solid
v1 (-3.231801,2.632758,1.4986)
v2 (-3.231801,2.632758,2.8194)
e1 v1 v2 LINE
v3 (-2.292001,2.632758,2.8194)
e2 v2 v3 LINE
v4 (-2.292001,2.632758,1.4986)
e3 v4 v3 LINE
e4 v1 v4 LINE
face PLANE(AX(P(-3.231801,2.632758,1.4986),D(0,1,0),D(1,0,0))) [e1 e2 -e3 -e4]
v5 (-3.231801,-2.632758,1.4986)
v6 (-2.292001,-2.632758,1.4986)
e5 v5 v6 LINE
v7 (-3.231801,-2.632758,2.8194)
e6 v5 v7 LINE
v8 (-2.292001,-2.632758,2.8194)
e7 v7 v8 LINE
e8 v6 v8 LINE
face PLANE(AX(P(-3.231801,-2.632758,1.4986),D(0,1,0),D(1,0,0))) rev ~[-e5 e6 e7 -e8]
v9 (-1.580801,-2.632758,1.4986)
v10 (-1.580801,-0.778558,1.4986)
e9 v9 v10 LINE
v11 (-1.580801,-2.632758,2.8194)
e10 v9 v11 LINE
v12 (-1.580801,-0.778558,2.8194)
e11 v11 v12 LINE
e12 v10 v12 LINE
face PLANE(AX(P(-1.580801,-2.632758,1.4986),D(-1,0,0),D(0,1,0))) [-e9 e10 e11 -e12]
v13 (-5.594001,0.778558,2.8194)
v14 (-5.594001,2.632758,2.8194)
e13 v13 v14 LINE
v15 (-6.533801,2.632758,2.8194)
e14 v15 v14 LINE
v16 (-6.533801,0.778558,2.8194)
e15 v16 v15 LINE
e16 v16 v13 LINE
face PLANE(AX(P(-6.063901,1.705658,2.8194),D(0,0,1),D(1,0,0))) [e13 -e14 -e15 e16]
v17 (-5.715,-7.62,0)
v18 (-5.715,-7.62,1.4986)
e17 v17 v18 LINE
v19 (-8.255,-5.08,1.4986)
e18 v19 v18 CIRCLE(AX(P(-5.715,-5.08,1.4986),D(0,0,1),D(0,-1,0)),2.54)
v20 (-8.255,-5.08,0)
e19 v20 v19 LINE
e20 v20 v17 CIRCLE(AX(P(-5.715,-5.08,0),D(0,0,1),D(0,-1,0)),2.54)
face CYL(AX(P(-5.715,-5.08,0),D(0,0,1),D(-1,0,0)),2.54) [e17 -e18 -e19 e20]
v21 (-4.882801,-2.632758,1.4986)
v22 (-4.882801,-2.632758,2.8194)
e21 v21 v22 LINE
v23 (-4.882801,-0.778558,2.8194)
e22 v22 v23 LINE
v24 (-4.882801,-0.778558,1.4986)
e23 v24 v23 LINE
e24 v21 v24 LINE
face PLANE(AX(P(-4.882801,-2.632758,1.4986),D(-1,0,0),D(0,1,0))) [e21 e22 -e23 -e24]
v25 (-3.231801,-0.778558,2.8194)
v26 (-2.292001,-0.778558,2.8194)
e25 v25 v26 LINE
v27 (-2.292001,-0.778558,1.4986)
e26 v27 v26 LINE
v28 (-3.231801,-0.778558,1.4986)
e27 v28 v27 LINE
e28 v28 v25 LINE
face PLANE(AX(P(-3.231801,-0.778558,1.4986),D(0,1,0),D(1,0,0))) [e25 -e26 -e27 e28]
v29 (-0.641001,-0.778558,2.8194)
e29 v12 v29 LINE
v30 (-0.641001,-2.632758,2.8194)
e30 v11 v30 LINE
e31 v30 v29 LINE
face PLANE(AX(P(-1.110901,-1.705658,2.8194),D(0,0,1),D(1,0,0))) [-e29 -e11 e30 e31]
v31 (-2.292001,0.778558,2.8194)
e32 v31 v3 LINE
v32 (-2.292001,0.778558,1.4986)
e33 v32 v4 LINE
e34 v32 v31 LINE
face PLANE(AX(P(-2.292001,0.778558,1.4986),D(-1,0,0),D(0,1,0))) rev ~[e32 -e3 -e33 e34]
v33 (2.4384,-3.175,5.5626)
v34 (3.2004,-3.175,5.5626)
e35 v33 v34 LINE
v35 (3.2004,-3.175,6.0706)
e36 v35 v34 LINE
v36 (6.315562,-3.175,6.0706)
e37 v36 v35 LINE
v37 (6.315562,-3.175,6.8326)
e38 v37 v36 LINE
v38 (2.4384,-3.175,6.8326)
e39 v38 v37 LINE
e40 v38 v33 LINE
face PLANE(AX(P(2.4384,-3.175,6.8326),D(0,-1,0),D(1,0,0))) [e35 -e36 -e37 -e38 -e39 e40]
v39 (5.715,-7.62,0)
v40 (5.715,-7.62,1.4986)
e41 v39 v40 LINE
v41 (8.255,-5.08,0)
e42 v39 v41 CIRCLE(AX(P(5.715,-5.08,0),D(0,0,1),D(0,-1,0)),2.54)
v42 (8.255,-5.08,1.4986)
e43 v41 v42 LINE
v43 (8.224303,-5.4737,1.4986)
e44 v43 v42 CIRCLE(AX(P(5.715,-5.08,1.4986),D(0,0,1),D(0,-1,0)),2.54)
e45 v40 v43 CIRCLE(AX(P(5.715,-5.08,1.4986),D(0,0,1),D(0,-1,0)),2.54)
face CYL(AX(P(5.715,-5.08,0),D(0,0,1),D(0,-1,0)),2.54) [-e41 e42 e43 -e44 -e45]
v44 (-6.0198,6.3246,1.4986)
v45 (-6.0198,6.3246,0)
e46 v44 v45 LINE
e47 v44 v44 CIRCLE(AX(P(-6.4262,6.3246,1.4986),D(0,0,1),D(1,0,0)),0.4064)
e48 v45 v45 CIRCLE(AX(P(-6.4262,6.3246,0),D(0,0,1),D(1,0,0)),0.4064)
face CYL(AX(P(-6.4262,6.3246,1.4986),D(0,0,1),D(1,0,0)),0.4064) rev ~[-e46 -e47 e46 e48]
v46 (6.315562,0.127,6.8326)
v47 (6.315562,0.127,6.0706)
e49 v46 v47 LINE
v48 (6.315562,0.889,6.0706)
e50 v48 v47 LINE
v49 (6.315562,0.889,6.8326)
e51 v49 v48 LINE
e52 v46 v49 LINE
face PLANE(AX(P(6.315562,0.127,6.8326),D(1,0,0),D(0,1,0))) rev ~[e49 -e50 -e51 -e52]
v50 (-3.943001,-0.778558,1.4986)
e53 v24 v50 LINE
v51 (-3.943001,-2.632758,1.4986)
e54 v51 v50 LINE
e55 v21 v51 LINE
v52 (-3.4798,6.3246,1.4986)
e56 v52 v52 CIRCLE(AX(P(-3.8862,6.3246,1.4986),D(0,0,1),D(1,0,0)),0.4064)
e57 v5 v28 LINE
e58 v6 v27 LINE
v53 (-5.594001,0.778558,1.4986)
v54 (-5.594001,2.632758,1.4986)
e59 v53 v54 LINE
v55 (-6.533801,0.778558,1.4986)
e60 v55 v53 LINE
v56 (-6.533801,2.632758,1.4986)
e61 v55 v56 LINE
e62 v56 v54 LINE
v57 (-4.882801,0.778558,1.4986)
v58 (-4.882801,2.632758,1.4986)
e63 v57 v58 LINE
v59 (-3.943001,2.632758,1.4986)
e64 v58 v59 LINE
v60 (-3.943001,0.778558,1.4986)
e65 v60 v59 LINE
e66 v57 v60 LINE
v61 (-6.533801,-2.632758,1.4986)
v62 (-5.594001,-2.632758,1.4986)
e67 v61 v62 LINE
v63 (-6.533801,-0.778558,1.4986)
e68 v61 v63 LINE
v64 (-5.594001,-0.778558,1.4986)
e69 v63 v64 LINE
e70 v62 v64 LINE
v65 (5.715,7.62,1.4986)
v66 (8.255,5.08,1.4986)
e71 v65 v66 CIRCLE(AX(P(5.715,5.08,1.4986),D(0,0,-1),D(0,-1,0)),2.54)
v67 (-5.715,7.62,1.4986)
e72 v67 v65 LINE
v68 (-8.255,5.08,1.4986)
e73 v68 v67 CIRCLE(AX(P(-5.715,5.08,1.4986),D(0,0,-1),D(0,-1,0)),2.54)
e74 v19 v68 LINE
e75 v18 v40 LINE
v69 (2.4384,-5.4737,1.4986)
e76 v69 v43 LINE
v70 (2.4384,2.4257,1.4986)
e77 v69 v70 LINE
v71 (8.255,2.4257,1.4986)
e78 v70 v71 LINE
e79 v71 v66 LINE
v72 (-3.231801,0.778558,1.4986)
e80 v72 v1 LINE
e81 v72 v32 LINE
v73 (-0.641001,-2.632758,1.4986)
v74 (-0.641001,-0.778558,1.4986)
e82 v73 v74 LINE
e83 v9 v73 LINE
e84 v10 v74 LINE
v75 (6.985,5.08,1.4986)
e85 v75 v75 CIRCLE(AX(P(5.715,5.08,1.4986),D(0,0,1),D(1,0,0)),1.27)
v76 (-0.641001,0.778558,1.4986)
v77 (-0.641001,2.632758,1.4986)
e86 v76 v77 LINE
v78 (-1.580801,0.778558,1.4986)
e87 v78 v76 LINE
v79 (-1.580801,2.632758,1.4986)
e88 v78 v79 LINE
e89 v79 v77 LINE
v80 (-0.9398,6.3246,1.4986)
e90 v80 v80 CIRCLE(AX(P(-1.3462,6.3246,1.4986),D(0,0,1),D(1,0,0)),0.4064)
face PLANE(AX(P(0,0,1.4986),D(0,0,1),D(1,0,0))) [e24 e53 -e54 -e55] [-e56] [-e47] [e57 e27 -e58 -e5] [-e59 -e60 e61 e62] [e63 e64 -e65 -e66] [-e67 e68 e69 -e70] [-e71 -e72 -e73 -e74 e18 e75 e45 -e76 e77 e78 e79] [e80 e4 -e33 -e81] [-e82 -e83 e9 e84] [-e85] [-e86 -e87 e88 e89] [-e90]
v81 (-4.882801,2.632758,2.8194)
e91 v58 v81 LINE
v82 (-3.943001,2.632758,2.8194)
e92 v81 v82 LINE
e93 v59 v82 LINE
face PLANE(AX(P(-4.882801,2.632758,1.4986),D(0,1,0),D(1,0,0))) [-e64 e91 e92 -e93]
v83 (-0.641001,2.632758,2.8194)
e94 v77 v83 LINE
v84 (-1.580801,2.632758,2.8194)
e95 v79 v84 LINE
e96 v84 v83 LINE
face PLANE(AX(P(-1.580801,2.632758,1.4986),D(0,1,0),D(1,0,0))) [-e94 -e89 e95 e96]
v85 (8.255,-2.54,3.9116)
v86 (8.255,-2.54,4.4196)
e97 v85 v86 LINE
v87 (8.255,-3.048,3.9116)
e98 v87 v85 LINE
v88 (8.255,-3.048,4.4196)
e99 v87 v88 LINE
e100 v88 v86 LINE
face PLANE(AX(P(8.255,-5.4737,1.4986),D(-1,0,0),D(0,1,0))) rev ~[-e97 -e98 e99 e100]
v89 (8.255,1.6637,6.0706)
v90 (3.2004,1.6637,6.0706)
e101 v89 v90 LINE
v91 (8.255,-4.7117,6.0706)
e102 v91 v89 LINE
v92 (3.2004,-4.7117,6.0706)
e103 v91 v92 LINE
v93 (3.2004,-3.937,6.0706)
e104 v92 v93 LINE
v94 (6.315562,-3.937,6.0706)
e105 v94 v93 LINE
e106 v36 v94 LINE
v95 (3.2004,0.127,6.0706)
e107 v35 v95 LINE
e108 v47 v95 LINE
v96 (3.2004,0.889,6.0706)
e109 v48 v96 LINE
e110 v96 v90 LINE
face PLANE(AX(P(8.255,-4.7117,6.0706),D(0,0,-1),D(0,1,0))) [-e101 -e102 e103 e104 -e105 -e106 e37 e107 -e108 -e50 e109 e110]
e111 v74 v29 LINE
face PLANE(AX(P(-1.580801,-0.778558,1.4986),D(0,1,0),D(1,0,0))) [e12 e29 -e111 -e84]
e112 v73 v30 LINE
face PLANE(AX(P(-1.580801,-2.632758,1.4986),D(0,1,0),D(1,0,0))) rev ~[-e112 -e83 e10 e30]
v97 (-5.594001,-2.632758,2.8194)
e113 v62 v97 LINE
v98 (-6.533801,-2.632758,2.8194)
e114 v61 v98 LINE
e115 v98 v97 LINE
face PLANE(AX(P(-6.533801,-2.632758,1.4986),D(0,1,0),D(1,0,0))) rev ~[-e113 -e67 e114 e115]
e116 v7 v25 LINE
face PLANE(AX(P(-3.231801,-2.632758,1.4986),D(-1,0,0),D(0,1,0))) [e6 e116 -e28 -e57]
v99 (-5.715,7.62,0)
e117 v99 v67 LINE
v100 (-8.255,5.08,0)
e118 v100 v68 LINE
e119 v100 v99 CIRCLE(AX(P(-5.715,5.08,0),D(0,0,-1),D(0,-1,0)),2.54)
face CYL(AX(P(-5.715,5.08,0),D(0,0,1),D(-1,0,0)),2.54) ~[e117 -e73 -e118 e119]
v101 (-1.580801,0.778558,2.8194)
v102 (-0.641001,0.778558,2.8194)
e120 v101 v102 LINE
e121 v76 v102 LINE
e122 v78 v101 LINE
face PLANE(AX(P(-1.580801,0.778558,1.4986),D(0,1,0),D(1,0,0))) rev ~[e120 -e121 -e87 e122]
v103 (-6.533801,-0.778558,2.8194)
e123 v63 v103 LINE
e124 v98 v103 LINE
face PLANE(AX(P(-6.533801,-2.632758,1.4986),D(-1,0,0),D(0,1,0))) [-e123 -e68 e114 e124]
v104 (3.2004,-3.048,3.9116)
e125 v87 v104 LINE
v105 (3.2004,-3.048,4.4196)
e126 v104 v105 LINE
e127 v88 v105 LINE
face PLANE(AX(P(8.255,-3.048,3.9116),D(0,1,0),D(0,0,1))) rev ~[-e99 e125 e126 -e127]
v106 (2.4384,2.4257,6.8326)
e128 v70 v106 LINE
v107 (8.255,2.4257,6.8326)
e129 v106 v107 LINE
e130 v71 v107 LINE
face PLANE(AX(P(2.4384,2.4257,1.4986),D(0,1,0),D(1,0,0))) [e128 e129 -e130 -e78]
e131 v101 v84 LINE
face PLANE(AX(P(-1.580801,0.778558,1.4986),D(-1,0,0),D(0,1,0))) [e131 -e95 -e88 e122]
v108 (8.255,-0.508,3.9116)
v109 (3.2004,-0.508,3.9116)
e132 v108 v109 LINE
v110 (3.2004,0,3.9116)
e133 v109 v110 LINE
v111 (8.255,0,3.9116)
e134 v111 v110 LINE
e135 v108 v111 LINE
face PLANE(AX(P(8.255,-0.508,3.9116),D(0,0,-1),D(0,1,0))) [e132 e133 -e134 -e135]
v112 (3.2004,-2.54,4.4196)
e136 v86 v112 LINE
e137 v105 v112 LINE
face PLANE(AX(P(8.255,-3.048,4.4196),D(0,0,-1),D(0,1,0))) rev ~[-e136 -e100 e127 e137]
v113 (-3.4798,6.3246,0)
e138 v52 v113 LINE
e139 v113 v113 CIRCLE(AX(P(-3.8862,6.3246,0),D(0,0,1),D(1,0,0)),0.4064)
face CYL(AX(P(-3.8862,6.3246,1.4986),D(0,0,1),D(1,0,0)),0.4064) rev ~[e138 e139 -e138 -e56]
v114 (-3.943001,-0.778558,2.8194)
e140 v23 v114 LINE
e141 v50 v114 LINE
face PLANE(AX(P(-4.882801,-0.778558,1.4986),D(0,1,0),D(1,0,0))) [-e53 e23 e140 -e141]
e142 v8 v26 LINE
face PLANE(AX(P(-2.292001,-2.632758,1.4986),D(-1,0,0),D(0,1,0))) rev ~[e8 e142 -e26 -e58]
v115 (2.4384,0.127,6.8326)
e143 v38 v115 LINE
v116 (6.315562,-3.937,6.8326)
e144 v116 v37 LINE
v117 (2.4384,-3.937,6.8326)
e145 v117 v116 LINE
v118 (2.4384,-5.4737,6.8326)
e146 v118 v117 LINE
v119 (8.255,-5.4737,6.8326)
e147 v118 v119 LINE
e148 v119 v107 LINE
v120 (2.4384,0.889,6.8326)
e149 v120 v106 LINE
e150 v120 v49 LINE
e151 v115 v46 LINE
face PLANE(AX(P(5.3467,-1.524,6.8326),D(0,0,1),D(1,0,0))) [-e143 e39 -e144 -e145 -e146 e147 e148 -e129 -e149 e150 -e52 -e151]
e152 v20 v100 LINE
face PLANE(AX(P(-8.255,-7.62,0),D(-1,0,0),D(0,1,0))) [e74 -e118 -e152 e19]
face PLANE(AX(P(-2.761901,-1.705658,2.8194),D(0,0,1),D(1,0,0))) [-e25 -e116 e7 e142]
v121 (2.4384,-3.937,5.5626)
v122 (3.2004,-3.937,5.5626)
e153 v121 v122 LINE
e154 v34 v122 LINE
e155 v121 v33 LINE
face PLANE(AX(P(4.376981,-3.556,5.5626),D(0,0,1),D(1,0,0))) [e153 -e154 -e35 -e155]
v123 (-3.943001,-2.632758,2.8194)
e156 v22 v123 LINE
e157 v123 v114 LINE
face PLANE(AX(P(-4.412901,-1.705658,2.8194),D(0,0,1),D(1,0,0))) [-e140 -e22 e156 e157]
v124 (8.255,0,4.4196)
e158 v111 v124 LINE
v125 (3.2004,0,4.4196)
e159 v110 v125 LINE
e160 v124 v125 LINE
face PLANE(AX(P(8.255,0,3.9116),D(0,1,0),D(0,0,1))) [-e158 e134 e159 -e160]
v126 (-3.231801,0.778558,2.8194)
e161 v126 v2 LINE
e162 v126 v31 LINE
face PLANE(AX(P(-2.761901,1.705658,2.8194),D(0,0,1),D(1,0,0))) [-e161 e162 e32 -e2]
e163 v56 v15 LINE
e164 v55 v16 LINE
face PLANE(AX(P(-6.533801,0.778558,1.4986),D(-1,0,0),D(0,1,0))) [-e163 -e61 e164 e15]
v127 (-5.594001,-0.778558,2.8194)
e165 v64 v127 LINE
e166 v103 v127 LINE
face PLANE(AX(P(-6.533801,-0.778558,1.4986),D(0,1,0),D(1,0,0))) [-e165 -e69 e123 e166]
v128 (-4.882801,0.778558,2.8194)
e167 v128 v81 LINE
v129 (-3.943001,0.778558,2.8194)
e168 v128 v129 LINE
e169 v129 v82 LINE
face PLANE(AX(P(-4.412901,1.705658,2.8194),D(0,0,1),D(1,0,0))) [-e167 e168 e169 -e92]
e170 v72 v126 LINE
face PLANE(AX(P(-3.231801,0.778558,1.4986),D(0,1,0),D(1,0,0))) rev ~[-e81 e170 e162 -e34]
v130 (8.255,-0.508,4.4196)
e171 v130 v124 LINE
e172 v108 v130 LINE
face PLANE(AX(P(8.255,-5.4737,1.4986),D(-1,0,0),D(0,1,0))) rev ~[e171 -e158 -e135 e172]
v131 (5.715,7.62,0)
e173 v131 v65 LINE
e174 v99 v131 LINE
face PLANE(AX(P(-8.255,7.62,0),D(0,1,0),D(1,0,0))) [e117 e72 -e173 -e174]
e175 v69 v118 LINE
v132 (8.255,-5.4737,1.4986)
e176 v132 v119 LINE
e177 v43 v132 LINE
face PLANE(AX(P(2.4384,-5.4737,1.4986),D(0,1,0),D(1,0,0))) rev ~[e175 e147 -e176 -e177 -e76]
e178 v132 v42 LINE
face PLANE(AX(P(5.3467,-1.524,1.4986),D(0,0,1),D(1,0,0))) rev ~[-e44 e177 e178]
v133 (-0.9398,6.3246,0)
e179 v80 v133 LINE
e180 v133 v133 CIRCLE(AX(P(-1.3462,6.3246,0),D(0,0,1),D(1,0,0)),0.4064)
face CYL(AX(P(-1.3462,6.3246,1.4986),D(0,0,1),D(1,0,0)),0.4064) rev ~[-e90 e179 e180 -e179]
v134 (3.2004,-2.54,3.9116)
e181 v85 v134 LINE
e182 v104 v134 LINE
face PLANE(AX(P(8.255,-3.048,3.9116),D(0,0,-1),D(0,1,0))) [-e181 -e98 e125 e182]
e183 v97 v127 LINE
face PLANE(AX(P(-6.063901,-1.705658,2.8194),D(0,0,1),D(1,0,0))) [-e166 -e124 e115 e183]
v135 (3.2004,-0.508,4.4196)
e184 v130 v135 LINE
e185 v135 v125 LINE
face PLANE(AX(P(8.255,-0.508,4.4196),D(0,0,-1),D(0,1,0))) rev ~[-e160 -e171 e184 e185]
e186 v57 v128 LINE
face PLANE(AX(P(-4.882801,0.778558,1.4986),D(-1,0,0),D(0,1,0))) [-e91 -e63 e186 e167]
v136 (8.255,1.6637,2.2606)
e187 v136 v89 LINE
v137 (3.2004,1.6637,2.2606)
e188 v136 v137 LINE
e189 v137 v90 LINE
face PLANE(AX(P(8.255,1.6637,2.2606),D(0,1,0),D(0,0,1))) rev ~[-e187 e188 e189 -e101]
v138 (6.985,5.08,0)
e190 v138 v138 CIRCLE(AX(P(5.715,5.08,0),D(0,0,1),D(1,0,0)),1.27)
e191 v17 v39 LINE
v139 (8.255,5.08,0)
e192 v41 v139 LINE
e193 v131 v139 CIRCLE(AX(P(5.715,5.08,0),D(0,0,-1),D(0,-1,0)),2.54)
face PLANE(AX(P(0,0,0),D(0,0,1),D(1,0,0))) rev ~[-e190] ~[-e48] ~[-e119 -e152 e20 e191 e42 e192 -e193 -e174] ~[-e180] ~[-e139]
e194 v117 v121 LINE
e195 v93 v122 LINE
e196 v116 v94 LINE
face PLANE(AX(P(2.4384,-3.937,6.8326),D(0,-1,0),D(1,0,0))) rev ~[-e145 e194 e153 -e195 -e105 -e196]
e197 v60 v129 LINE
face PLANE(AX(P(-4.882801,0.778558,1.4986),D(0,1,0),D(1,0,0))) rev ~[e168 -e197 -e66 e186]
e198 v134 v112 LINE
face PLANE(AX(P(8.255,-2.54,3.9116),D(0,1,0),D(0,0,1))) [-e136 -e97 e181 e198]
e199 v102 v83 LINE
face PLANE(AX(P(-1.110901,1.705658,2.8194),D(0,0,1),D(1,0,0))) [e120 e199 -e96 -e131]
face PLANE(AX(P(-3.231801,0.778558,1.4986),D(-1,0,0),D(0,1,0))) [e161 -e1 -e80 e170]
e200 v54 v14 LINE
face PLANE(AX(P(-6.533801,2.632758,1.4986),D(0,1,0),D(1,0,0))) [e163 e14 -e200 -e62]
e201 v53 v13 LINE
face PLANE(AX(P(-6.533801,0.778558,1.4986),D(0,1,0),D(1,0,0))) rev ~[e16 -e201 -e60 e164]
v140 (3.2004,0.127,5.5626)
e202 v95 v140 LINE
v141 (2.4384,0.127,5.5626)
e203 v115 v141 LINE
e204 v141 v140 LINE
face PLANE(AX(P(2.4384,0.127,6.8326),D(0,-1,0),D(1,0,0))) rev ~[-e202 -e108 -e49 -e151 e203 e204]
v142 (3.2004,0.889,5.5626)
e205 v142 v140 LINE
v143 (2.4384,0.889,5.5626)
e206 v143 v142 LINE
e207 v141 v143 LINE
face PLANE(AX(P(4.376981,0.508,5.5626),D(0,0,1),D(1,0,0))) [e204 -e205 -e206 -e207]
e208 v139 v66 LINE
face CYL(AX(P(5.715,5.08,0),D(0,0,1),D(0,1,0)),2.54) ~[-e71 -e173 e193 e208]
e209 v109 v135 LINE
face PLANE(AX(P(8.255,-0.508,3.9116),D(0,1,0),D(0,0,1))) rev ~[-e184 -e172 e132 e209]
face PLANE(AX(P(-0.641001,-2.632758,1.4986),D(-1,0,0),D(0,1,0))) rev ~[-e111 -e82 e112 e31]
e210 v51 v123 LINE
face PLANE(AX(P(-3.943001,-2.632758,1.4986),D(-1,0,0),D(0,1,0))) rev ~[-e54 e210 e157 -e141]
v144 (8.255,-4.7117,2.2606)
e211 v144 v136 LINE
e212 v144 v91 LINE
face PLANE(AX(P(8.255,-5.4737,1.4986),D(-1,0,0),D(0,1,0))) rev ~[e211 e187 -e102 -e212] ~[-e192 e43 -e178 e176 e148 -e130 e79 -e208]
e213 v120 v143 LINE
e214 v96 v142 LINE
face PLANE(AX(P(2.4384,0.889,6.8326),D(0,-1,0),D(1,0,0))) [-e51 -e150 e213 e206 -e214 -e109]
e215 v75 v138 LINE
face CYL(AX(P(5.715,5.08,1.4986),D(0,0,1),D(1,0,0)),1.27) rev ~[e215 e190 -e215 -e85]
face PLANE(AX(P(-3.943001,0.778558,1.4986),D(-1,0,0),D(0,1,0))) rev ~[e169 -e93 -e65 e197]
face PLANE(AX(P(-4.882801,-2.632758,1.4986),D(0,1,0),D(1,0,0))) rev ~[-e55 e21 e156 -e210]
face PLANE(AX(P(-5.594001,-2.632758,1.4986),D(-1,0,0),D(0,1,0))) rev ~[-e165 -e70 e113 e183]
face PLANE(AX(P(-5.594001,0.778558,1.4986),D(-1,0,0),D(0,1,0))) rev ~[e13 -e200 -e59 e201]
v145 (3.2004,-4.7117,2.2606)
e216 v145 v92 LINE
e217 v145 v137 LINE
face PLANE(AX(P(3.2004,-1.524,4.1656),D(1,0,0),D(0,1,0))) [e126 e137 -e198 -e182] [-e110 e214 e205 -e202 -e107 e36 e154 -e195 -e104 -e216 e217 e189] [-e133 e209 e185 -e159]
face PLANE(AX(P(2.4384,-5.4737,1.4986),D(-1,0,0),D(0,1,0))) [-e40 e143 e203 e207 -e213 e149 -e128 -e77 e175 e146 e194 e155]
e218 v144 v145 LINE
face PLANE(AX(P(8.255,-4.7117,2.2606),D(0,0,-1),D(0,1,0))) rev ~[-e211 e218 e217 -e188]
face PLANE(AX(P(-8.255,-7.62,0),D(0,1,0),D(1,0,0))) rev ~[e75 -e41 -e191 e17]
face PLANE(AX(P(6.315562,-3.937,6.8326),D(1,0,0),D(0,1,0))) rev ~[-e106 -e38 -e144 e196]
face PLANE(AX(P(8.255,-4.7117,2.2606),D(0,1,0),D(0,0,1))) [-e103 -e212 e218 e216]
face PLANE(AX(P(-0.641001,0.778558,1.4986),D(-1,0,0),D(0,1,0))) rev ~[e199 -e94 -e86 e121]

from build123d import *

# Parameters (mm, degrees)
F0_W      = 16.51
F0_H      = 15.24
F1_DEPTH  = 1.4986
F2_R      = 1.27
F3_DEPTH  = 1.4986
F4_R      = 2.54
F5_W      = 5.8166
F5_H      = 7.8994
F6_DEPTH  = 5.334
F7_W      = 6.3754
F7_H      = 3.81
F7_W_2    = 0.508
F7_H_2    = 0.508
F8_DEPTH  = 5.0546
F9_W      = 3.8771615364
F9_H      = 0.762
F10_DEPTH = 1.27
F11_R     = 0.4064
F12_DEPTH = 1.4986
F13_W     = 0.9398
F13_H     = 1.8542
F14_DEPTH = 1.3208


with BuildPart() as f1:
    # F0 (on Top) → F1 (new body)
    with BuildSketch(Plane.XY):
        Rectangle(F0_W, F0_H)
    extrude(amount=F1_DEPTH)

    # F2 (on face) → F3 (cut, through all)
    with BuildSketch(Plane.XY.offset(1.4986)):
        with Locations((5.715, 5.08)):
            Circle(F2_R)
    extrude(amount=-F3_DEPTH, mode=Mode.SUBTRACT)

    # F4
    f4_edges = [f1.edges().sort_by_distance(p)[0] for p in [
        (8.255, -7.62, 0.7493),
        (8.255, 7.62, 0.7493),
        (-8.255, -7.62, 0.7493),
        (-8.255, 7.62, 0.7493),
    ]]
    fillet(f4_edges, radius=F4_R)

    # F5 (on face) → F6 (join)
    with BuildSketch(Plane.XY.offset(1.4986)):
        with Locations((5.3467, -1.524)):
            Rectangle(F5_W, F5_H)
    extrude(amount=F6_DEPTH)

    # F7 (on face) → F8 (cut, through all)
    with BuildSketch(Plane.YZ.offset(8.255)):
        with Locations((-1.524, 4.1656)):
            Rectangle(F7_W, F7_H)
        with Locations((-2.794, 4.1656)):
            Rectangle(F7_W_2, F7_H_2, mode=Mode.SUBTRACT)
        with Locations((-0.254, 4.1656)):
            Rectangle(F7_W_2, F7_H_2, mode=Mode.SUBTRACT)
    extrude(amount=-F8_DEPTH, mode=Mode.SUBTRACT)

    # F9 (on face) → F10 (cut)
    with BuildSketch(Plane.XY.offset(6.8326)):
        with Locations((4.3769807682, 0.508)):
            Rectangle(F9_W, F9_H)
        with Locations((4.3769807682, -3.556)):
            Rectangle(F9_W, F9_H)
    extrude(amount=-F10_DEPTH, mode=Mode.SUBTRACT)

    # F11 (on face) → F12 (cut, through all)
    with BuildSketch(Plane.XY.offset(1.4986)):
        with Locations((-6.4262, 6.3246)):
            Circle(F11_R)
        with Locations((-3.8862, 6.3246)):
            Circle(F11_R)
        with Locations((-1.3462, 6.3246)):
            Circle(F11_R)
    extrude(amount=-F12_DEPTH, mode=Mode.SUBTRACT)

    # F13 (on face) → F14 (join)
    with BuildSketch(Plane.XY.offset(1.4986)):
        with Locations((-6.0639006243, 1.7056578491)):
            Rectangle(F13_W, F13_H)
        with Locations((-4.4129006243, 1.7056578491)):
            Rectangle(F13_W, F13_H)
        with Locations((-2.7619006243, 1.7056578491)):
            Rectangle(F13_W, F13_H)
        with Locations((-1.1109006243, 1.7056578491)):
            Rectangle(F13_W, F13_H)
        with Locations((-6.0639006243, -1.7056578491)):
            Rectangle(F13_W, F13_H)
        with Locations((-1.1109006243, -1.7056578491)):
            Rectangle(F13_W, F13_H)
        with Locations((-4.4129006243, -1.7056578491)):
            Rectangle(F13_W, F13_H)
        with Locations((-2.7619006243, -1.7056578491)):
            Rectangle(F13_W, F13_H)
    extrude(amount=F14_DEPTH)


solid = f1.part
